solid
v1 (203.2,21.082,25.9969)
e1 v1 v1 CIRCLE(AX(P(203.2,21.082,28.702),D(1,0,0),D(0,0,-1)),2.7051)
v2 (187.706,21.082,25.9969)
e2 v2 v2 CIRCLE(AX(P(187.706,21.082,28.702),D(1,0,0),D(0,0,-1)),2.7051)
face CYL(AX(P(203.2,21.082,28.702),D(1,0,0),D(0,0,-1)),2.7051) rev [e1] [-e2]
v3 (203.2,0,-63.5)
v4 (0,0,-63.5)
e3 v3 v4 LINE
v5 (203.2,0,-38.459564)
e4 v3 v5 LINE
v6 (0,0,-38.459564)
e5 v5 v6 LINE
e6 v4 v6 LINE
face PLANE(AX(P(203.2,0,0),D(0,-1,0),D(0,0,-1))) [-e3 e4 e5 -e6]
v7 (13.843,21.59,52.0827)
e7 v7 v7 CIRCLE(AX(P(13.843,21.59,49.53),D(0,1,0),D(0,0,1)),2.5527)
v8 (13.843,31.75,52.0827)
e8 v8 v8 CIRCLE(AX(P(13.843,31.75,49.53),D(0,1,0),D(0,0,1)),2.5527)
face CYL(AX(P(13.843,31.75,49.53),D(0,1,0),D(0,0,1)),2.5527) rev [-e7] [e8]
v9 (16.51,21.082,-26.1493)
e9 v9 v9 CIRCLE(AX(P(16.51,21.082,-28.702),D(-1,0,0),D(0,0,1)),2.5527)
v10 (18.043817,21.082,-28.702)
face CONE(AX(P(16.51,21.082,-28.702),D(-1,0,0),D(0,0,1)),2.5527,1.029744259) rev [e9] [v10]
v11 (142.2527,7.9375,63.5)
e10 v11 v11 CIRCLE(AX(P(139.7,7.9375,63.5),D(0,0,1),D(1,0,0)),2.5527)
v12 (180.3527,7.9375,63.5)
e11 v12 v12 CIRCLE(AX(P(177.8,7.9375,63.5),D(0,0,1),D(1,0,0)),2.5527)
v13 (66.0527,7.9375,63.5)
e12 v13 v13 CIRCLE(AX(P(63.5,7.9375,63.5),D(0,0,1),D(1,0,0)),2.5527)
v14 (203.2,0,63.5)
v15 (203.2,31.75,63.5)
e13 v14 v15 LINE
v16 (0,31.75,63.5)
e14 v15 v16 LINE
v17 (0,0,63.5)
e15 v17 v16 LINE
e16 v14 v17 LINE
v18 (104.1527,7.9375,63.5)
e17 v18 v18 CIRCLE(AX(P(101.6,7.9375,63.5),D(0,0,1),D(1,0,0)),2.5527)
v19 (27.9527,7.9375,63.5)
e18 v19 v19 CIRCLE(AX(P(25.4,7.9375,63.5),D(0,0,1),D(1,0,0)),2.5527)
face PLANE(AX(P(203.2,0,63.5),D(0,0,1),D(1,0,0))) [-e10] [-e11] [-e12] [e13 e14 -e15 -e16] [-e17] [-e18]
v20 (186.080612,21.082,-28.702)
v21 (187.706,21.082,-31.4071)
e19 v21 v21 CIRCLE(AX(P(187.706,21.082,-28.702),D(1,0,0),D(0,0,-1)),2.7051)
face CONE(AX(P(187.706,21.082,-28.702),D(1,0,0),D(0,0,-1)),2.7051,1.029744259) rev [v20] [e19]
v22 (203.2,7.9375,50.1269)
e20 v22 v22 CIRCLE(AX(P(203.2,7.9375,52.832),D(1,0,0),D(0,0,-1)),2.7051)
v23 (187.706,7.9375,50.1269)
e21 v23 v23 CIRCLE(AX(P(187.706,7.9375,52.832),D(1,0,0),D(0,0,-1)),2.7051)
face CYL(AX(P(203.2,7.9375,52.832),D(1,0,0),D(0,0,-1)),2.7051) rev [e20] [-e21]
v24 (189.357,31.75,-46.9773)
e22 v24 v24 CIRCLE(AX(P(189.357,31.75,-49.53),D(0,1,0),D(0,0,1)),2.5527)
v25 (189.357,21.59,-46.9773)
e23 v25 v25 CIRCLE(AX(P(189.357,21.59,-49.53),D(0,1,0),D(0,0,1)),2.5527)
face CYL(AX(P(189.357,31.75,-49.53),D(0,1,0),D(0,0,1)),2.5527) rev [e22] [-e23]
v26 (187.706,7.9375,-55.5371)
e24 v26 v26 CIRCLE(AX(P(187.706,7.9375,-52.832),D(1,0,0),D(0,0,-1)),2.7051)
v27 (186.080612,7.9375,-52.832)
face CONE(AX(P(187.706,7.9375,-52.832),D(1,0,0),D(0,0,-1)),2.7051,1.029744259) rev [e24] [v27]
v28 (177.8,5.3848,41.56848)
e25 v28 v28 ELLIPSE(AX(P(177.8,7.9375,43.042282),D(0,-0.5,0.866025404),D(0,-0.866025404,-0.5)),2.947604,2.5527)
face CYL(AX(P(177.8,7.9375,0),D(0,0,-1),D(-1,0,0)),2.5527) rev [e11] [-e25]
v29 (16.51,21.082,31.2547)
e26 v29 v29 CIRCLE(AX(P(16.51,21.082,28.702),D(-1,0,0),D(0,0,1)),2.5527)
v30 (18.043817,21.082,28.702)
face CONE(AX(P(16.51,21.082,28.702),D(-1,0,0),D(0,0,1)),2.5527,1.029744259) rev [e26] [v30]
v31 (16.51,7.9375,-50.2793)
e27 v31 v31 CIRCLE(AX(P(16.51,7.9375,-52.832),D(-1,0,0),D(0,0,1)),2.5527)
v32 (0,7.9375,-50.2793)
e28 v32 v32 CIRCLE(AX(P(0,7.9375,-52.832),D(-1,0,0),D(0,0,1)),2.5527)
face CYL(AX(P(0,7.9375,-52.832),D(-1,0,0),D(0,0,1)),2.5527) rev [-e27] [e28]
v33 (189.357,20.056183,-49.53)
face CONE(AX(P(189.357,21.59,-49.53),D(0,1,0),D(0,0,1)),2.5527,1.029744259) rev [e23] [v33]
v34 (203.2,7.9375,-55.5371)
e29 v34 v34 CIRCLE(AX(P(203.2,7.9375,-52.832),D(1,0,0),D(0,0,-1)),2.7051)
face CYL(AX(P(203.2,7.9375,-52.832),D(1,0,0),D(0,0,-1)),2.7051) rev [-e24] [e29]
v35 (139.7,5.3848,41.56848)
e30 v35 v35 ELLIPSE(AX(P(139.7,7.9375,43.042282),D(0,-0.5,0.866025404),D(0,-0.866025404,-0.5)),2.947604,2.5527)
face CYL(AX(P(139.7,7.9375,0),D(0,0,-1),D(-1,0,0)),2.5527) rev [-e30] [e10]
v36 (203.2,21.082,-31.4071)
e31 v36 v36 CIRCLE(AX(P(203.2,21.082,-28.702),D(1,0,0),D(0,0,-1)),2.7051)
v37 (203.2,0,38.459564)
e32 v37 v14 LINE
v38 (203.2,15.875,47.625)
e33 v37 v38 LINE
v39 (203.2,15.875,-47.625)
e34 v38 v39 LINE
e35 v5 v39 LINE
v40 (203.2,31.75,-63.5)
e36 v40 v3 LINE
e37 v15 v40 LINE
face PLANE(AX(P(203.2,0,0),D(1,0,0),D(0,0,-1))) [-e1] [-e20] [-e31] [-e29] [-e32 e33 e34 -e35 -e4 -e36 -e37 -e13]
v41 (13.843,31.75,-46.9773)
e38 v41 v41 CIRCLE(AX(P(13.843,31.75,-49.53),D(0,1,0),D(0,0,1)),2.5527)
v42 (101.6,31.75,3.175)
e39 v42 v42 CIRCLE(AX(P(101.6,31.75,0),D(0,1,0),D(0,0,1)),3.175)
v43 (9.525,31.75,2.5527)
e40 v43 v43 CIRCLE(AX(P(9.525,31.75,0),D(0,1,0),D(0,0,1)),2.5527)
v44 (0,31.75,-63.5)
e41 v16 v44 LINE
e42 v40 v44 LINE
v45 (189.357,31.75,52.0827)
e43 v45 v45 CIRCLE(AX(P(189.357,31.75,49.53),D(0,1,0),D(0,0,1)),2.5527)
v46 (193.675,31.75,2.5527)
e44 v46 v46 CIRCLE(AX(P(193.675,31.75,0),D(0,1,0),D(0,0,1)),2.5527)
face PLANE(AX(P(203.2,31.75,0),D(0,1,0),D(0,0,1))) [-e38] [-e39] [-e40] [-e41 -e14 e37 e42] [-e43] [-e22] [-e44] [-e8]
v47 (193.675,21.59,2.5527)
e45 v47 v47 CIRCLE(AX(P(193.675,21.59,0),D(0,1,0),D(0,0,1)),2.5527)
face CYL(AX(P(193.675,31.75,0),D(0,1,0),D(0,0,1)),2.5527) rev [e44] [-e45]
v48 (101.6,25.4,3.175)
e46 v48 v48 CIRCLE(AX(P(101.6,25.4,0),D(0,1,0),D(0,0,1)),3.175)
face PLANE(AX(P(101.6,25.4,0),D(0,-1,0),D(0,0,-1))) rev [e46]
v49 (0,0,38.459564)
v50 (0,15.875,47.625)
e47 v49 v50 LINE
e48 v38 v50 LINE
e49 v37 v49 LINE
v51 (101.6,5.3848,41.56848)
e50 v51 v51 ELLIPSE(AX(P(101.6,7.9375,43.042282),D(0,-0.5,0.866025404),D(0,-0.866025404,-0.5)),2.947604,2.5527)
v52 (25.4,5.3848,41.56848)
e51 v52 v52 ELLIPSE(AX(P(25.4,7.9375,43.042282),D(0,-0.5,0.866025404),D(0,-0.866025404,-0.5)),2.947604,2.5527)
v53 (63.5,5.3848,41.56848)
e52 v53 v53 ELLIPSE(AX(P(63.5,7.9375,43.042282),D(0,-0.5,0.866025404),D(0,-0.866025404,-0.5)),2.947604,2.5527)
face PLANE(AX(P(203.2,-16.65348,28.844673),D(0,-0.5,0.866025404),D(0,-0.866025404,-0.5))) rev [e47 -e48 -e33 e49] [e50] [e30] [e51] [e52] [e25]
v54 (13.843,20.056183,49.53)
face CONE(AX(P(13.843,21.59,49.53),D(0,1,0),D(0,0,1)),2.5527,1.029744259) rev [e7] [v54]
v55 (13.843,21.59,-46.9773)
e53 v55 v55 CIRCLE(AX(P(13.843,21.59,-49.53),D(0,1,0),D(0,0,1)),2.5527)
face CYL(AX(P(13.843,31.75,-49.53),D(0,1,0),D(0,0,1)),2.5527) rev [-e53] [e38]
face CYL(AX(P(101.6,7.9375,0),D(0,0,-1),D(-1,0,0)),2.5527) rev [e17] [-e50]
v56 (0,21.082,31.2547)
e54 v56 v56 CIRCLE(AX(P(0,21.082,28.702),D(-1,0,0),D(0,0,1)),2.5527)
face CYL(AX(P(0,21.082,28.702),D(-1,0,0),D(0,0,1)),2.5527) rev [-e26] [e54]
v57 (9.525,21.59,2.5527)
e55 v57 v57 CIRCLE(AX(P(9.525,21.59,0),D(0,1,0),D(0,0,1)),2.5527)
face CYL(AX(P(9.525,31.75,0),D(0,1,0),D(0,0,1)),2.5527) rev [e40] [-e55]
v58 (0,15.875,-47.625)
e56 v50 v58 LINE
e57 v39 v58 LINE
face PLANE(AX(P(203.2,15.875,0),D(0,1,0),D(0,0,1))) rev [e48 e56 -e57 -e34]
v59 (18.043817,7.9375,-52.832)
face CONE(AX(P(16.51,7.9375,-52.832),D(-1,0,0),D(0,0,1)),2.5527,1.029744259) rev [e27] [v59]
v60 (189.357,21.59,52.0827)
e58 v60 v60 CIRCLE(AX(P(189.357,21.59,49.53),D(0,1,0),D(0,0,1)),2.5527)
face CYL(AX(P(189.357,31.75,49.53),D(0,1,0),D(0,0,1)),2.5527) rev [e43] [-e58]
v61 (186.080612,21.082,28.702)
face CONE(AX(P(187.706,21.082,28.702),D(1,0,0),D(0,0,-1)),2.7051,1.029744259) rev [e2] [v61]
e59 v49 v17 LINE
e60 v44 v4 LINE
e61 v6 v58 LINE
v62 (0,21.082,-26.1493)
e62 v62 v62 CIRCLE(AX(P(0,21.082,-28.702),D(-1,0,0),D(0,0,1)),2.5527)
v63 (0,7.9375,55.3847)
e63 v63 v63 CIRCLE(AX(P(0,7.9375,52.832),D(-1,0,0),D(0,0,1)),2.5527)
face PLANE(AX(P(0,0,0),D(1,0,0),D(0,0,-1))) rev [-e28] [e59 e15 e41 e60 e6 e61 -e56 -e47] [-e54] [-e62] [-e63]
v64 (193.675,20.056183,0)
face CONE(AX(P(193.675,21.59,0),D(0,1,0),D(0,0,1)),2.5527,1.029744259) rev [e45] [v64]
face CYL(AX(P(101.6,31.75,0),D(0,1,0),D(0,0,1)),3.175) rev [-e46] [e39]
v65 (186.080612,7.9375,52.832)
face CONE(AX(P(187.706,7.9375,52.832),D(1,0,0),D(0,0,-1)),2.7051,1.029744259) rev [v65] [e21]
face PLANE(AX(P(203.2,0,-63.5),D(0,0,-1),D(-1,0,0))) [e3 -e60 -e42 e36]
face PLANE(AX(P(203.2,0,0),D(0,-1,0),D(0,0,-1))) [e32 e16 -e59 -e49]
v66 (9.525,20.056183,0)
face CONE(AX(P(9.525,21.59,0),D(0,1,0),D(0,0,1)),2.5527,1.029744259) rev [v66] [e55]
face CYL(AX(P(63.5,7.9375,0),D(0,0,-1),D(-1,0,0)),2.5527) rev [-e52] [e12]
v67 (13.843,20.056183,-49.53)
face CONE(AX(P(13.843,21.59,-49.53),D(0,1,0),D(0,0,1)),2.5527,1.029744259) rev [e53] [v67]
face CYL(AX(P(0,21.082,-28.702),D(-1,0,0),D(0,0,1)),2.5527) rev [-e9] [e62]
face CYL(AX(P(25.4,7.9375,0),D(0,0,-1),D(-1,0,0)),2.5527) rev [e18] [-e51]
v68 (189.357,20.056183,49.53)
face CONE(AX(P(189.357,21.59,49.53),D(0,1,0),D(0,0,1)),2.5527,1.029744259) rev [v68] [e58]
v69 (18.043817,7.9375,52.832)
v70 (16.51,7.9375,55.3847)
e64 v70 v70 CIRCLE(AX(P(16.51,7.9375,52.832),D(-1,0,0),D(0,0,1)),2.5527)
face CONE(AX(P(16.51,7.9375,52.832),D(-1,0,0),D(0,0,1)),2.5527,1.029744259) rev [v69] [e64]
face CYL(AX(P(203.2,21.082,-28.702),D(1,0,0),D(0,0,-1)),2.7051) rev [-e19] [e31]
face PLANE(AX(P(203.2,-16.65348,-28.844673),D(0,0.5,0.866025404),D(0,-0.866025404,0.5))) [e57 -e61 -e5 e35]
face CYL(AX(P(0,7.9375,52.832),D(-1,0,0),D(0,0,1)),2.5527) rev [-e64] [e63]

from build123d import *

# Parameters (mm, degrees)
FEMALE_DOVETAIL_EXTRUDE_DEPTH                = 203.2
END_PLATES_1_4_28_TAPPED_HOLE_D              = 5.1054
END_PLATES_1_4_28_TAPPED_HOLE_DEPTH          = 16.51
END_PLATES_1_4_28_TAPPED_HOLE_TIP            = 1.533816902
END_PLATES_1_4_28_TAPPED_HOLE1_D             = 5.4102
END_PLATES_1_4_28_TAPPED_HOLE1_DEPTH         = 15.494
END_PLATES_1_4_28_TAPPED_HOLE1_TIP           = 1.625388061
SWIVEL_BLOCK_MOUNT_1_4_20_TAPPED_HOLE5_D     = 5.1054
SWIVEL_BLOCK_MOUNT_1_4_20_TAPPED_HOLE5_DEPTH = 10.16
SWIVEL_BLOCK_MOUNT_1_4_20_TAPPED_HOLE5_TIP   = 1.533816902
SWIVEL_LOCATING_1_4_0_25_CLEARANCE_DOW_D     = 6.35
SWIVEL_LOCATING_1_4_0_25_CLEARANCE_DOW_DEPTH = 6.35
SKETCH22_W                                   = 2.5527
SKETCH22_H                                   = 63.5
GIB_SCREW_1_4_20_TAPPED_HOLE6_AT_2_COUNT     = 2
GIB_SCREW_1_4_20_TAPPED_HOLE6_AT_2_PITCH     = 38.1
GIB_SCREW_1_4_20_TAPPED_HOLE6_AT_3_COUNT     = 2
GIB_SCREW_1_4_20_TAPPED_HOLE6_AT_3_PITCH     = 76.2
GIB_SCREW_1_4_20_TAPPED_HOLE6_AT_4_COUNT     = 2
GIB_SCREW_1_4_20_TAPPED_HOLE6_AT_4_PITCH     = 114.3
GIB_SCREW_1_4_20_TAPPED_HOLE6_AT_5_COUNT     = 2
GIB_SCREW_1_4_20_TAPPED_HOLE6_AT_5_PITCH     = 152.4


with BuildPart() as part:
    # Sketch1 → female dovetail extrude (new body)
    with BuildSketch(Plane(origin=(0, 0, 0), x_dir=(0, 0, -1), z_dir=(1, 0, 0))):
        Polygon((63.5, 31.75), (-63.5, 31.75), (-63.5, 0), (-38.459564477, 0), (-47.625, 15.875), (-40.292651581, 15.875), (-16.056336319, 15.875), (16.056336319, 15.875), (47.625, 15.875), (38.459564477, 0), (63.5, 0), align=None)
    extrude(amount=FEMALE_DOVETAIL_EXTRUDE_DEPTH)

    # end plates 1/4-28 Tapped Hole
    with Locations(Plane(origin=(0, -44.45, -248.332419753), x_dir=(0, 0, 1), z_dir=(-1, 0, 0))):
        with Locations((195.500419753, 52.3875), (219.630419753, 65.532), (277.034419753, 65.532), (301.164419753, 52.3875)):
            Hole(END_PLATES_1_4_28_TAPPED_HOLE_D / 2, depth=END_PLATES_1_4_28_TAPPED_HOLE_DEPTH)
            with Locations((0, 0, -(END_PLATES_1_4_28_TAPPED_HOLE_DEPTH + END_PLATES_1_4_28_TAPPED_HOLE_TIP / 2))):  # 118° drill point
                Cone(0, END_PLATES_1_4_28_TAPPED_HOLE_D / 2, END_PLATES_1_4_28_TAPPED_HOLE_TIP, mode=Mode.SUBTRACT)

    # end plates 1/4-28 Tapped Hole1
    with Locations(Plane(origin=(203.2, -44.45, -248.332419753), x_dir=(0, 0, -1), z_dir=(1, 0, 0))):
        with Locations((-301.164419753, 52.3875), (-277.034419753, 65.532), (-219.630419753, 65.532), (-195.500419753, 52.3875)):
            Hole(END_PLATES_1_4_28_TAPPED_HOLE1_D / 2, depth=END_PLATES_1_4_28_TAPPED_HOLE1_DEPTH)
            with Locations((0, 0, -(END_PLATES_1_4_28_TAPPED_HOLE1_DEPTH + END_PLATES_1_4_28_TAPPED_HOLE1_TIP / 2))):  # 118° drill point
                Cone(0, END_PLATES_1_4_28_TAPPED_HOLE1_D / 2, END_PLATES_1_4_28_TAPPED_HOLE1_TIP, mode=Mode.SUBTRACT)

    # swivel block mount 1/4-20 Tapped Hole5
    with Locations(Plane(origin=(0, 31.75, 0), x_dir=(1, 0, 0), z_dir=(0, 1, 0))):
        with Locations((13.843, -49.53), (9.525, 0), (13.843, 49.53), (189.357, 49.53), (193.675, 0), (189.357, -49.53)):
            Hole(SWIVEL_BLOCK_MOUNT_1_4_20_TAPPED_HOLE5_D / 2, depth=SWIVEL_BLOCK_MOUNT_1_4_20_TAPPED_HOLE5_DEPTH)
            with Locations((0, 0, -(SWIVEL_BLOCK_MOUNT_1_4_20_TAPPED_HOLE5_DEPTH + SWIVEL_BLOCK_MOUNT_1_4_20_TAPPED_HOLE5_TIP / 2))):  # 118° drill point
                Cone(0, SWIVEL_BLOCK_MOUNT_1_4_20_TAPPED_HOLE5_D / 2, SWIVEL_BLOCK_MOUNT_1_4_20_TAPPED_HOLE5_TIP, mode=Mode.SUBTRACT)

    # swivel locating 1/4 (0.25) Clearance Dowel Hole1
    with Locations(Plane(origin=(39.932785273, 31.75, 145.909625699), x_dir=(1, 0, 0), z_dir=(0, 1, 0))):
        with Locations((61.667214727, 145.909625699)):
            Hole(SWIVEL_LOCATING_1_4_0_25_CLEARANCE_DOW_D / 2, depth=SWIVEL_LOCATING_1_4_0_25_CLEARANCE_DOW_DEPTH)

    # Sketch22 → gib screw 1/4-20 Tapped Hole6 (revolve, cut)
    with BuildSketch(Plane(origin=(25.4, 7.9375, 0), x_dir=(0, 1, 0), z_dir=(1, 0, 0))):
        with Locations((1.27635, 31.75)):
            Rectangle(SKETCH22_W, SKETCH22_H)
    gib_screw_1_4_20_tapped_hole6 = revolve(axis=Axis((25.4, 7.9375, -6.35), (0, 0, 1)), mode=Mode.SUBTRACT)

    # gib screw 1/4-20 Tapped Hole6 at 2: gib screw 1/4-20 Tapped Hole6 ×2
    with Locations(*[(i * GIB_SCREW_1_4_20_TAPPED_HOLE6_AT_2_PITCH, 0, 0) for i in range(1, GIB_SCREW_1_4_20_TAPPED_HOLE6_AT_2_COUNT)]):
        add(gib_screw_1_4_20_tapped_hole6, mode=Mode.SUBTRACT)

    # gib screw 1/4-20 Tapped Hole6 at 3: gib screw 1/4-20 Tapped Hole6 ×2
    with Locations(*[(i * GIB_SCREW_1_4_20_TAPPED_HOLE6_AT_3_PITCH, 0, 0) for i in range(1, GIB_SCREW_1_4_20_TAPPED_HOLE6_AT_3_COUNT)]):
        add(gib_screw_1_4_20_tapped_hole6, mode=Mode.SUBTRACT)

    # gib screw 1/4-20 Tapped Hole6 at 4: gib screw 1/4-20 Tapped Hole6 ×2
    with Locations(*[(i * GIB_SCREW_1_4_20_TAPPED_HOLE6_AT_4_PITCH, 0, 0) for i in range(1, GIB_SCREW_1_4_20_TAPPED_HOLE6_AT_4_COUNT)]):
        add(gib_screw_1_4_20_tapped_hole6, mode=Mode.SUBTRACT)

    # gib screw 1/4-20 Tapped Hole6 at 5: gib screw 1/4-20 Tapped Hole6 ×2
    with Locations(*[(i * GIB_SCREW_1_4_20_TAPPED_HOLE6_AT_5_PITCH, 0, 0) for i in range(1, GIB_SCREW_1_4_20_TAPPED_HOLE6_AT_5_COUNT)]):
        add(gib_screw_1_4_20_tapped_hole6, mode=Mode.SUBTRACT)


solid = part.part
